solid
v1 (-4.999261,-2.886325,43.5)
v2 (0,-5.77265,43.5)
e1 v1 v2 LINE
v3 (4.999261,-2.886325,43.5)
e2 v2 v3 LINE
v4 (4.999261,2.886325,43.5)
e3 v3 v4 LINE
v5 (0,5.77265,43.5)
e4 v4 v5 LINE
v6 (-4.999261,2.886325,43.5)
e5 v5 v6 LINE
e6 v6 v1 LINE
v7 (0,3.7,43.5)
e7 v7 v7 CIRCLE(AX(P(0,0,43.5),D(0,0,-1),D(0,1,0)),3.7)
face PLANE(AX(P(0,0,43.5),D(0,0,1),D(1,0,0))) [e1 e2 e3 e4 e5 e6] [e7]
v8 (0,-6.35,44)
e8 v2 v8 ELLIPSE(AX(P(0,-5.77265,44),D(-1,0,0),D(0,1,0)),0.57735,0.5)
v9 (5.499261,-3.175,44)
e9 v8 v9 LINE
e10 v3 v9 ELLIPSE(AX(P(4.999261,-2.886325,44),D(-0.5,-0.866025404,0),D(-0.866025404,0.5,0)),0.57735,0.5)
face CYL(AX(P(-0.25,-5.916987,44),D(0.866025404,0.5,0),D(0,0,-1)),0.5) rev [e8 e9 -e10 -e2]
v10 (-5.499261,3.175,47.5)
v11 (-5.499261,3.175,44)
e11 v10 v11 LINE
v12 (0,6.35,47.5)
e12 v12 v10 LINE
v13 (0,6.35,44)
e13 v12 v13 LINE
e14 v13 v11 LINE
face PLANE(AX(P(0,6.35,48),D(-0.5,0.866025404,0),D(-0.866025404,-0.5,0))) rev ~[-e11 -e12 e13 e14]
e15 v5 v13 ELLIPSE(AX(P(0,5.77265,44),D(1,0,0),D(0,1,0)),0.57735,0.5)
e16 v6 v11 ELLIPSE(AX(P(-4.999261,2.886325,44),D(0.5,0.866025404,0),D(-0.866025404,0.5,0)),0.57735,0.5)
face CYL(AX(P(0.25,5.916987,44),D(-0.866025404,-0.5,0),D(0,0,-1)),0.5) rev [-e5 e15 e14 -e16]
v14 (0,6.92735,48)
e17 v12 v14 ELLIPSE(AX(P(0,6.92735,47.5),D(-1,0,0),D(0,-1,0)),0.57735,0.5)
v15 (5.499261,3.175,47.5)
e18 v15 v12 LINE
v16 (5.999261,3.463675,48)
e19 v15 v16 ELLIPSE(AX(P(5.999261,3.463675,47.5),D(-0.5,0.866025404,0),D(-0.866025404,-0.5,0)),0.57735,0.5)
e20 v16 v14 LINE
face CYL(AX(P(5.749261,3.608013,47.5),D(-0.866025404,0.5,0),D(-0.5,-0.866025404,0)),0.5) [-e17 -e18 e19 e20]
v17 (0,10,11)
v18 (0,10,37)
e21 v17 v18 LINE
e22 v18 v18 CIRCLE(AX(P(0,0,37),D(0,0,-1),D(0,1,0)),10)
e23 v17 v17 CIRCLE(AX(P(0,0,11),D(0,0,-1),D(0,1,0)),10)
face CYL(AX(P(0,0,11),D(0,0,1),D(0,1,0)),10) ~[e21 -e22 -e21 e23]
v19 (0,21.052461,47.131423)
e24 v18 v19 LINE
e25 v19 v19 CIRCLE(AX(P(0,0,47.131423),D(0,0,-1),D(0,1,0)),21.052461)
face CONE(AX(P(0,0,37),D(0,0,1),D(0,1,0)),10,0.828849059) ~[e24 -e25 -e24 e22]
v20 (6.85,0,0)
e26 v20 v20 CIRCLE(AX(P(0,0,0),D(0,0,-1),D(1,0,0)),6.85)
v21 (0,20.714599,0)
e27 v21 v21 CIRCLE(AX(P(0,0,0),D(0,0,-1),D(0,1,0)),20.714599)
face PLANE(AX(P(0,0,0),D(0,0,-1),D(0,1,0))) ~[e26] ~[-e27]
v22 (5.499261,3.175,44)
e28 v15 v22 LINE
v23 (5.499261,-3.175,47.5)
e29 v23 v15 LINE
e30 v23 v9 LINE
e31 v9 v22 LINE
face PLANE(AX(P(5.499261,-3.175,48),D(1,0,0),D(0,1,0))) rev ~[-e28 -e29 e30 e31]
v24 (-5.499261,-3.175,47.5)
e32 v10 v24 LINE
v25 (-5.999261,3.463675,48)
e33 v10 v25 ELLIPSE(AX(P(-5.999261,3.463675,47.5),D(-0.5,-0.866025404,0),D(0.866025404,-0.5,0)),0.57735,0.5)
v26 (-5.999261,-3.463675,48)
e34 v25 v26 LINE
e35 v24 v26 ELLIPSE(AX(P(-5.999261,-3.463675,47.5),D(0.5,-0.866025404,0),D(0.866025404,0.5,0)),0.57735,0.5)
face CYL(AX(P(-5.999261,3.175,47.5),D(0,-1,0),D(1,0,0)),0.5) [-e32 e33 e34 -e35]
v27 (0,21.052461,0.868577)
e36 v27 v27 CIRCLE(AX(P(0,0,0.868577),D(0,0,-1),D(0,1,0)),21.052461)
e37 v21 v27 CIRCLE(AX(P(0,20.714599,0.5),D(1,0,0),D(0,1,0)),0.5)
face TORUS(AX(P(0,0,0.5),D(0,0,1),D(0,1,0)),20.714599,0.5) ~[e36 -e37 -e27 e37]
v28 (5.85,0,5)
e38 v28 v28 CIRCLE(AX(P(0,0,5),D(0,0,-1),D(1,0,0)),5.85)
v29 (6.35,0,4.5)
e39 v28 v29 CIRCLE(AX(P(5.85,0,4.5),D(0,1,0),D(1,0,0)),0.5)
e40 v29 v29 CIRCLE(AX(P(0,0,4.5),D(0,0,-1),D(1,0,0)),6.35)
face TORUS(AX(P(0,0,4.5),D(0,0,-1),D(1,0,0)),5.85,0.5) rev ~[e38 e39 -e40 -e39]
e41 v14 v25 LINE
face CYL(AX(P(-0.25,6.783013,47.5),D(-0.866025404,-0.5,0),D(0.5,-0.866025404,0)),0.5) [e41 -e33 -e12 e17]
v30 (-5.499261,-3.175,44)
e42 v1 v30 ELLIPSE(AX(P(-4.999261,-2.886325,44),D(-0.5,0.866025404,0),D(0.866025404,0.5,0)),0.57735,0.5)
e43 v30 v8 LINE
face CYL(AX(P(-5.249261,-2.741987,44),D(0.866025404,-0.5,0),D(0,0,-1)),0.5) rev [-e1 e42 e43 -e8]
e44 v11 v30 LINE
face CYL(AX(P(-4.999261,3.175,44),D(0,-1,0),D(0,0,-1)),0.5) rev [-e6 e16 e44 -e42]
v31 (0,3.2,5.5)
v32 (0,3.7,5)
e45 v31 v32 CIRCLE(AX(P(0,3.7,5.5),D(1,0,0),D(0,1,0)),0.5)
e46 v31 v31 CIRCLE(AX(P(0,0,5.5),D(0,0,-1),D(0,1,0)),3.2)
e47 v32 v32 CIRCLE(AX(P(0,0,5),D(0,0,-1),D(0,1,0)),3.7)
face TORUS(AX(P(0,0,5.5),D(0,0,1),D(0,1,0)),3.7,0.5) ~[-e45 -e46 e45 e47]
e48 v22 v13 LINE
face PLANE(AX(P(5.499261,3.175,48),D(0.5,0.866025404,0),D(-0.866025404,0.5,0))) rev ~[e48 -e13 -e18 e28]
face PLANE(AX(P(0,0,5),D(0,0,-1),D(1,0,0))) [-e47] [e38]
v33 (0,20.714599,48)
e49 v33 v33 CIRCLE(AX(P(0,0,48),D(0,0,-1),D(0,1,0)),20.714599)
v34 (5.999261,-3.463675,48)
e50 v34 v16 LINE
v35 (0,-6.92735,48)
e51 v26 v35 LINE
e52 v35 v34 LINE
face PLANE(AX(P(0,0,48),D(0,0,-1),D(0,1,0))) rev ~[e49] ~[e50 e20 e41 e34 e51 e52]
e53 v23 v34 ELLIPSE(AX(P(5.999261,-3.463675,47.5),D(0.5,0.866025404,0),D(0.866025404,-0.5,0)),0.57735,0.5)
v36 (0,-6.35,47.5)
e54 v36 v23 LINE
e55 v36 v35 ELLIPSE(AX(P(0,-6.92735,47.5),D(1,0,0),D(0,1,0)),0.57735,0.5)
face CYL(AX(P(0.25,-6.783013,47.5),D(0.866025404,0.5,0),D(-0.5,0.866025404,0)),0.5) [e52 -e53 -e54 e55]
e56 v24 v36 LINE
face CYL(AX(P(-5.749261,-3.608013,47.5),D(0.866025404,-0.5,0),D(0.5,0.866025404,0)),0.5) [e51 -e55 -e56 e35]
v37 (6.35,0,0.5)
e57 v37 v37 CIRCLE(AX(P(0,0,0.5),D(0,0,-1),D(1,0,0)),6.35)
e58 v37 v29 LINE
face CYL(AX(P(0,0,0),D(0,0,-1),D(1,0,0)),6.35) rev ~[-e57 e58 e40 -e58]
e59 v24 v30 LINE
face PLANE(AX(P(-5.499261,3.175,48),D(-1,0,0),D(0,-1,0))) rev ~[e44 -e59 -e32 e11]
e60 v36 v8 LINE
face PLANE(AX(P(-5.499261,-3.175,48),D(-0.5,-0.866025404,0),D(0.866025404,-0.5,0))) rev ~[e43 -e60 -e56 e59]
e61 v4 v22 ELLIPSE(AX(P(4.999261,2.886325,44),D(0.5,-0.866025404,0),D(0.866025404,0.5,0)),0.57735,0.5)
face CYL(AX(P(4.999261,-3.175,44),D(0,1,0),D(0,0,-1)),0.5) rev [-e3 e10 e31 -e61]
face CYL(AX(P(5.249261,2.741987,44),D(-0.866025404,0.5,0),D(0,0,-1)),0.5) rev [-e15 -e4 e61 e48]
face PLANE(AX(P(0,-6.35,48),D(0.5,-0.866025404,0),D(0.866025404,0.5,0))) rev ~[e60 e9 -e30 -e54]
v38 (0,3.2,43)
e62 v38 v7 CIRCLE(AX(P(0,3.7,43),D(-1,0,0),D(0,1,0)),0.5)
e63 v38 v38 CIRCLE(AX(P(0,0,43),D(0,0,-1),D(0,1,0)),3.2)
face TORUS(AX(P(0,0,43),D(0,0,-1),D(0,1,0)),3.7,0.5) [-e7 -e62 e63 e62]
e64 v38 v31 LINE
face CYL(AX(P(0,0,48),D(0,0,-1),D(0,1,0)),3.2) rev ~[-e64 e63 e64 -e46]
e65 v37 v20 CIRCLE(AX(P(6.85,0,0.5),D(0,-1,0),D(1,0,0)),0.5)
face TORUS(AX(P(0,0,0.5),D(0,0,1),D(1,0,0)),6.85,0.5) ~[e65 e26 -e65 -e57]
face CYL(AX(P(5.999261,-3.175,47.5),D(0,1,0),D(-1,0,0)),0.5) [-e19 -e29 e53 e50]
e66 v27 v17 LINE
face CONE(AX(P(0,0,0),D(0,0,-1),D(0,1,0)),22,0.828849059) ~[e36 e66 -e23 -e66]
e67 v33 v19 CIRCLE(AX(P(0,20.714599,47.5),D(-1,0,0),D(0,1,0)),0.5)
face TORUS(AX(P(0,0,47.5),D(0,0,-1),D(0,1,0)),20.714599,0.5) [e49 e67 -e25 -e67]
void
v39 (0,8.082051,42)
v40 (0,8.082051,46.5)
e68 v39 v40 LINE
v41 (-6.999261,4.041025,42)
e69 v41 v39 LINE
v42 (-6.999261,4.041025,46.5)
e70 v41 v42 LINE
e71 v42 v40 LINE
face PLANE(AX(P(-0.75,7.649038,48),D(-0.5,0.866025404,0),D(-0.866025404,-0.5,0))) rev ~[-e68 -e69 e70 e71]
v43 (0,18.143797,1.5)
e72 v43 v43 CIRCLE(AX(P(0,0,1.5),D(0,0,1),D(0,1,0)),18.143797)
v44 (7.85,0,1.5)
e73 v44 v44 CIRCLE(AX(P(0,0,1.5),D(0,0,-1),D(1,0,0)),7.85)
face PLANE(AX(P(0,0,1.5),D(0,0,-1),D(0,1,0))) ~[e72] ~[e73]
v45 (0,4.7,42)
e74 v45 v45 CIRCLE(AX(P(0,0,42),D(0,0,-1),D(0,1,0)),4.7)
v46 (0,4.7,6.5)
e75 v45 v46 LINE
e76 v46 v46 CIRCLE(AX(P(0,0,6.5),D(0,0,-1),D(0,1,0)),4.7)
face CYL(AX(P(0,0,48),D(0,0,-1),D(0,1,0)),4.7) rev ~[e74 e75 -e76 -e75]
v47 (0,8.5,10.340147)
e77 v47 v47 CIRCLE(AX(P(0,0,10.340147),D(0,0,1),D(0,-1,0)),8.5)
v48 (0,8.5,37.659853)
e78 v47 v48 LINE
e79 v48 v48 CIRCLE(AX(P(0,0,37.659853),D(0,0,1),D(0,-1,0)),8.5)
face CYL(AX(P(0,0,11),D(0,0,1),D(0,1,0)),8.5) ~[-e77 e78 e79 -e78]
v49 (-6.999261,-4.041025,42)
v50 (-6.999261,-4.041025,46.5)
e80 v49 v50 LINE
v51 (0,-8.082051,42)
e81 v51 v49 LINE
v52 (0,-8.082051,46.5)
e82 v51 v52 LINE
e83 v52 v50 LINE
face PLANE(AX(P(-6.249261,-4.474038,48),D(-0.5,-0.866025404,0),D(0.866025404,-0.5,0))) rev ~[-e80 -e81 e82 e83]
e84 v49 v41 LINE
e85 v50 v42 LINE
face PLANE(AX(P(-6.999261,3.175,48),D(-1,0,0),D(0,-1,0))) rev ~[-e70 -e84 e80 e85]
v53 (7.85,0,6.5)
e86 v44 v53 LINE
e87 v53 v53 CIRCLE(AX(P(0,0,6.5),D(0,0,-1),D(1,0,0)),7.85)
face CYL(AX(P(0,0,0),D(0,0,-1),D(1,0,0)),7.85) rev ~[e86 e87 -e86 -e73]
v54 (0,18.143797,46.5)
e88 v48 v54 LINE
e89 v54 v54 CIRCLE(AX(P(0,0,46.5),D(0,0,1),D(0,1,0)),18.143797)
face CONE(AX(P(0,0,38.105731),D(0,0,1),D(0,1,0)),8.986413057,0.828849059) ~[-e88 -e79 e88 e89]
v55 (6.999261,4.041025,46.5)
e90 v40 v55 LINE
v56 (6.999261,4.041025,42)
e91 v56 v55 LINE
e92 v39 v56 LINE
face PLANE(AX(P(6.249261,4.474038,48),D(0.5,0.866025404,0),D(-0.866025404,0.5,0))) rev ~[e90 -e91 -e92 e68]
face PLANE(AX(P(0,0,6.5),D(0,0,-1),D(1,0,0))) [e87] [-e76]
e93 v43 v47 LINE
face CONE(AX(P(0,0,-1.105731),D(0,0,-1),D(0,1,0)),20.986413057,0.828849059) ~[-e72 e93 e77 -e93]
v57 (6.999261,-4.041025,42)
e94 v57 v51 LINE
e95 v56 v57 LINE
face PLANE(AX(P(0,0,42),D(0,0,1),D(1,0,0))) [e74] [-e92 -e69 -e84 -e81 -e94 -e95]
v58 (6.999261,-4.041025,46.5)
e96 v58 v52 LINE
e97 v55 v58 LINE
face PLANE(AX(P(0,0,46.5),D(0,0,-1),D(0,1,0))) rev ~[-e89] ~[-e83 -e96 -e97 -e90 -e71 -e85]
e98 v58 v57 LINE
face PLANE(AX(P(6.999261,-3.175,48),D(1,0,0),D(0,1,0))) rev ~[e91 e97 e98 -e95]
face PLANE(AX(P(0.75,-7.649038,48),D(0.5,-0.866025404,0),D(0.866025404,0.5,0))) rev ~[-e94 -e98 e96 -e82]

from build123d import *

# Parameters (mm, degrees)
F3_DEPTH = 4.5
F4_R     = 6.35
F4_R_2   = 3.2
F5_DEPTH = 5
F6_T     = -1.5
F7_R     = 0.5


with BuildPart() as f1:
    # F0 (on Right) → F1 (revolve)
    with BuildSketch(Plane.YZ):
        Polygon((3.2, 48), (3.2, 0), (22, 0), (10, 11), (10, 37), (22, 48), align=None)
    revolve(axis=Axis((0, 0, 22.5522555411), (0, 0, -1)))

    # F2 (on face) → F3 (cut)
    with BuildSketch(Plane.XY.offset(48)):
        Polygon((5.499261314, -3.175), (5.499261314, 3.175), (0, 6.35), (-5.499261314, 3.175), (-5.499261314, -3.175), (0, -6.35), align=None)
    extrude(amount=-F3_DEPTH, mode=Mode.SUBTRACT)

    # F4 (on face) → F5 (cut)
    with BuildSketch(Plane(origin=(0, 0, 0), x_dir=(1, 0, 0), z_dir=(0, 0, -1))):
        Circle(F4_R)
        Circle(F4_R_2, mode=Mode.SUBTRACT)
    extrude(amount=-F5_DEPTH, mode=Mode.SUBTRACT)

    # F6 (hollow: no face is removed)
    offset(amount=F6_T, kind=Kind.INTERSECTION, mode=Mode.SUBTRACT)

    # F7
    f7_edges = [f1.edges().sort_by_distance(p)[0] for p in [
        (0, -22, 48),
        (2.749631, -4.7625, 48),
        (-2.749631, -4.7625, 48),
        (-5.499261, 0, 48),
        (-2.749631, 4.7625, 48),
        (2.749631, 4.7625, 48),
        (5.499261, 0, 48),
        (5.499261, 0, 43.5),
        (2.749631, -4.7625, 43.5),
        (2.749631, 4.7625, 43.5),
        (-2.749631, -4.7625, 43.5),
        (-2.749631, 4.7625, 43.5),
        (-5.499261, 0, 43.5),
        (0, -3.2, 43.5),
        (0, -22, 0),
        (-6.35, 0, 0),
        (-6.35, 0, 5),
        (0, -3.2, 5),
    ]]
    fillet(f7_edges, radius=F7_R)


solid = f1.part
